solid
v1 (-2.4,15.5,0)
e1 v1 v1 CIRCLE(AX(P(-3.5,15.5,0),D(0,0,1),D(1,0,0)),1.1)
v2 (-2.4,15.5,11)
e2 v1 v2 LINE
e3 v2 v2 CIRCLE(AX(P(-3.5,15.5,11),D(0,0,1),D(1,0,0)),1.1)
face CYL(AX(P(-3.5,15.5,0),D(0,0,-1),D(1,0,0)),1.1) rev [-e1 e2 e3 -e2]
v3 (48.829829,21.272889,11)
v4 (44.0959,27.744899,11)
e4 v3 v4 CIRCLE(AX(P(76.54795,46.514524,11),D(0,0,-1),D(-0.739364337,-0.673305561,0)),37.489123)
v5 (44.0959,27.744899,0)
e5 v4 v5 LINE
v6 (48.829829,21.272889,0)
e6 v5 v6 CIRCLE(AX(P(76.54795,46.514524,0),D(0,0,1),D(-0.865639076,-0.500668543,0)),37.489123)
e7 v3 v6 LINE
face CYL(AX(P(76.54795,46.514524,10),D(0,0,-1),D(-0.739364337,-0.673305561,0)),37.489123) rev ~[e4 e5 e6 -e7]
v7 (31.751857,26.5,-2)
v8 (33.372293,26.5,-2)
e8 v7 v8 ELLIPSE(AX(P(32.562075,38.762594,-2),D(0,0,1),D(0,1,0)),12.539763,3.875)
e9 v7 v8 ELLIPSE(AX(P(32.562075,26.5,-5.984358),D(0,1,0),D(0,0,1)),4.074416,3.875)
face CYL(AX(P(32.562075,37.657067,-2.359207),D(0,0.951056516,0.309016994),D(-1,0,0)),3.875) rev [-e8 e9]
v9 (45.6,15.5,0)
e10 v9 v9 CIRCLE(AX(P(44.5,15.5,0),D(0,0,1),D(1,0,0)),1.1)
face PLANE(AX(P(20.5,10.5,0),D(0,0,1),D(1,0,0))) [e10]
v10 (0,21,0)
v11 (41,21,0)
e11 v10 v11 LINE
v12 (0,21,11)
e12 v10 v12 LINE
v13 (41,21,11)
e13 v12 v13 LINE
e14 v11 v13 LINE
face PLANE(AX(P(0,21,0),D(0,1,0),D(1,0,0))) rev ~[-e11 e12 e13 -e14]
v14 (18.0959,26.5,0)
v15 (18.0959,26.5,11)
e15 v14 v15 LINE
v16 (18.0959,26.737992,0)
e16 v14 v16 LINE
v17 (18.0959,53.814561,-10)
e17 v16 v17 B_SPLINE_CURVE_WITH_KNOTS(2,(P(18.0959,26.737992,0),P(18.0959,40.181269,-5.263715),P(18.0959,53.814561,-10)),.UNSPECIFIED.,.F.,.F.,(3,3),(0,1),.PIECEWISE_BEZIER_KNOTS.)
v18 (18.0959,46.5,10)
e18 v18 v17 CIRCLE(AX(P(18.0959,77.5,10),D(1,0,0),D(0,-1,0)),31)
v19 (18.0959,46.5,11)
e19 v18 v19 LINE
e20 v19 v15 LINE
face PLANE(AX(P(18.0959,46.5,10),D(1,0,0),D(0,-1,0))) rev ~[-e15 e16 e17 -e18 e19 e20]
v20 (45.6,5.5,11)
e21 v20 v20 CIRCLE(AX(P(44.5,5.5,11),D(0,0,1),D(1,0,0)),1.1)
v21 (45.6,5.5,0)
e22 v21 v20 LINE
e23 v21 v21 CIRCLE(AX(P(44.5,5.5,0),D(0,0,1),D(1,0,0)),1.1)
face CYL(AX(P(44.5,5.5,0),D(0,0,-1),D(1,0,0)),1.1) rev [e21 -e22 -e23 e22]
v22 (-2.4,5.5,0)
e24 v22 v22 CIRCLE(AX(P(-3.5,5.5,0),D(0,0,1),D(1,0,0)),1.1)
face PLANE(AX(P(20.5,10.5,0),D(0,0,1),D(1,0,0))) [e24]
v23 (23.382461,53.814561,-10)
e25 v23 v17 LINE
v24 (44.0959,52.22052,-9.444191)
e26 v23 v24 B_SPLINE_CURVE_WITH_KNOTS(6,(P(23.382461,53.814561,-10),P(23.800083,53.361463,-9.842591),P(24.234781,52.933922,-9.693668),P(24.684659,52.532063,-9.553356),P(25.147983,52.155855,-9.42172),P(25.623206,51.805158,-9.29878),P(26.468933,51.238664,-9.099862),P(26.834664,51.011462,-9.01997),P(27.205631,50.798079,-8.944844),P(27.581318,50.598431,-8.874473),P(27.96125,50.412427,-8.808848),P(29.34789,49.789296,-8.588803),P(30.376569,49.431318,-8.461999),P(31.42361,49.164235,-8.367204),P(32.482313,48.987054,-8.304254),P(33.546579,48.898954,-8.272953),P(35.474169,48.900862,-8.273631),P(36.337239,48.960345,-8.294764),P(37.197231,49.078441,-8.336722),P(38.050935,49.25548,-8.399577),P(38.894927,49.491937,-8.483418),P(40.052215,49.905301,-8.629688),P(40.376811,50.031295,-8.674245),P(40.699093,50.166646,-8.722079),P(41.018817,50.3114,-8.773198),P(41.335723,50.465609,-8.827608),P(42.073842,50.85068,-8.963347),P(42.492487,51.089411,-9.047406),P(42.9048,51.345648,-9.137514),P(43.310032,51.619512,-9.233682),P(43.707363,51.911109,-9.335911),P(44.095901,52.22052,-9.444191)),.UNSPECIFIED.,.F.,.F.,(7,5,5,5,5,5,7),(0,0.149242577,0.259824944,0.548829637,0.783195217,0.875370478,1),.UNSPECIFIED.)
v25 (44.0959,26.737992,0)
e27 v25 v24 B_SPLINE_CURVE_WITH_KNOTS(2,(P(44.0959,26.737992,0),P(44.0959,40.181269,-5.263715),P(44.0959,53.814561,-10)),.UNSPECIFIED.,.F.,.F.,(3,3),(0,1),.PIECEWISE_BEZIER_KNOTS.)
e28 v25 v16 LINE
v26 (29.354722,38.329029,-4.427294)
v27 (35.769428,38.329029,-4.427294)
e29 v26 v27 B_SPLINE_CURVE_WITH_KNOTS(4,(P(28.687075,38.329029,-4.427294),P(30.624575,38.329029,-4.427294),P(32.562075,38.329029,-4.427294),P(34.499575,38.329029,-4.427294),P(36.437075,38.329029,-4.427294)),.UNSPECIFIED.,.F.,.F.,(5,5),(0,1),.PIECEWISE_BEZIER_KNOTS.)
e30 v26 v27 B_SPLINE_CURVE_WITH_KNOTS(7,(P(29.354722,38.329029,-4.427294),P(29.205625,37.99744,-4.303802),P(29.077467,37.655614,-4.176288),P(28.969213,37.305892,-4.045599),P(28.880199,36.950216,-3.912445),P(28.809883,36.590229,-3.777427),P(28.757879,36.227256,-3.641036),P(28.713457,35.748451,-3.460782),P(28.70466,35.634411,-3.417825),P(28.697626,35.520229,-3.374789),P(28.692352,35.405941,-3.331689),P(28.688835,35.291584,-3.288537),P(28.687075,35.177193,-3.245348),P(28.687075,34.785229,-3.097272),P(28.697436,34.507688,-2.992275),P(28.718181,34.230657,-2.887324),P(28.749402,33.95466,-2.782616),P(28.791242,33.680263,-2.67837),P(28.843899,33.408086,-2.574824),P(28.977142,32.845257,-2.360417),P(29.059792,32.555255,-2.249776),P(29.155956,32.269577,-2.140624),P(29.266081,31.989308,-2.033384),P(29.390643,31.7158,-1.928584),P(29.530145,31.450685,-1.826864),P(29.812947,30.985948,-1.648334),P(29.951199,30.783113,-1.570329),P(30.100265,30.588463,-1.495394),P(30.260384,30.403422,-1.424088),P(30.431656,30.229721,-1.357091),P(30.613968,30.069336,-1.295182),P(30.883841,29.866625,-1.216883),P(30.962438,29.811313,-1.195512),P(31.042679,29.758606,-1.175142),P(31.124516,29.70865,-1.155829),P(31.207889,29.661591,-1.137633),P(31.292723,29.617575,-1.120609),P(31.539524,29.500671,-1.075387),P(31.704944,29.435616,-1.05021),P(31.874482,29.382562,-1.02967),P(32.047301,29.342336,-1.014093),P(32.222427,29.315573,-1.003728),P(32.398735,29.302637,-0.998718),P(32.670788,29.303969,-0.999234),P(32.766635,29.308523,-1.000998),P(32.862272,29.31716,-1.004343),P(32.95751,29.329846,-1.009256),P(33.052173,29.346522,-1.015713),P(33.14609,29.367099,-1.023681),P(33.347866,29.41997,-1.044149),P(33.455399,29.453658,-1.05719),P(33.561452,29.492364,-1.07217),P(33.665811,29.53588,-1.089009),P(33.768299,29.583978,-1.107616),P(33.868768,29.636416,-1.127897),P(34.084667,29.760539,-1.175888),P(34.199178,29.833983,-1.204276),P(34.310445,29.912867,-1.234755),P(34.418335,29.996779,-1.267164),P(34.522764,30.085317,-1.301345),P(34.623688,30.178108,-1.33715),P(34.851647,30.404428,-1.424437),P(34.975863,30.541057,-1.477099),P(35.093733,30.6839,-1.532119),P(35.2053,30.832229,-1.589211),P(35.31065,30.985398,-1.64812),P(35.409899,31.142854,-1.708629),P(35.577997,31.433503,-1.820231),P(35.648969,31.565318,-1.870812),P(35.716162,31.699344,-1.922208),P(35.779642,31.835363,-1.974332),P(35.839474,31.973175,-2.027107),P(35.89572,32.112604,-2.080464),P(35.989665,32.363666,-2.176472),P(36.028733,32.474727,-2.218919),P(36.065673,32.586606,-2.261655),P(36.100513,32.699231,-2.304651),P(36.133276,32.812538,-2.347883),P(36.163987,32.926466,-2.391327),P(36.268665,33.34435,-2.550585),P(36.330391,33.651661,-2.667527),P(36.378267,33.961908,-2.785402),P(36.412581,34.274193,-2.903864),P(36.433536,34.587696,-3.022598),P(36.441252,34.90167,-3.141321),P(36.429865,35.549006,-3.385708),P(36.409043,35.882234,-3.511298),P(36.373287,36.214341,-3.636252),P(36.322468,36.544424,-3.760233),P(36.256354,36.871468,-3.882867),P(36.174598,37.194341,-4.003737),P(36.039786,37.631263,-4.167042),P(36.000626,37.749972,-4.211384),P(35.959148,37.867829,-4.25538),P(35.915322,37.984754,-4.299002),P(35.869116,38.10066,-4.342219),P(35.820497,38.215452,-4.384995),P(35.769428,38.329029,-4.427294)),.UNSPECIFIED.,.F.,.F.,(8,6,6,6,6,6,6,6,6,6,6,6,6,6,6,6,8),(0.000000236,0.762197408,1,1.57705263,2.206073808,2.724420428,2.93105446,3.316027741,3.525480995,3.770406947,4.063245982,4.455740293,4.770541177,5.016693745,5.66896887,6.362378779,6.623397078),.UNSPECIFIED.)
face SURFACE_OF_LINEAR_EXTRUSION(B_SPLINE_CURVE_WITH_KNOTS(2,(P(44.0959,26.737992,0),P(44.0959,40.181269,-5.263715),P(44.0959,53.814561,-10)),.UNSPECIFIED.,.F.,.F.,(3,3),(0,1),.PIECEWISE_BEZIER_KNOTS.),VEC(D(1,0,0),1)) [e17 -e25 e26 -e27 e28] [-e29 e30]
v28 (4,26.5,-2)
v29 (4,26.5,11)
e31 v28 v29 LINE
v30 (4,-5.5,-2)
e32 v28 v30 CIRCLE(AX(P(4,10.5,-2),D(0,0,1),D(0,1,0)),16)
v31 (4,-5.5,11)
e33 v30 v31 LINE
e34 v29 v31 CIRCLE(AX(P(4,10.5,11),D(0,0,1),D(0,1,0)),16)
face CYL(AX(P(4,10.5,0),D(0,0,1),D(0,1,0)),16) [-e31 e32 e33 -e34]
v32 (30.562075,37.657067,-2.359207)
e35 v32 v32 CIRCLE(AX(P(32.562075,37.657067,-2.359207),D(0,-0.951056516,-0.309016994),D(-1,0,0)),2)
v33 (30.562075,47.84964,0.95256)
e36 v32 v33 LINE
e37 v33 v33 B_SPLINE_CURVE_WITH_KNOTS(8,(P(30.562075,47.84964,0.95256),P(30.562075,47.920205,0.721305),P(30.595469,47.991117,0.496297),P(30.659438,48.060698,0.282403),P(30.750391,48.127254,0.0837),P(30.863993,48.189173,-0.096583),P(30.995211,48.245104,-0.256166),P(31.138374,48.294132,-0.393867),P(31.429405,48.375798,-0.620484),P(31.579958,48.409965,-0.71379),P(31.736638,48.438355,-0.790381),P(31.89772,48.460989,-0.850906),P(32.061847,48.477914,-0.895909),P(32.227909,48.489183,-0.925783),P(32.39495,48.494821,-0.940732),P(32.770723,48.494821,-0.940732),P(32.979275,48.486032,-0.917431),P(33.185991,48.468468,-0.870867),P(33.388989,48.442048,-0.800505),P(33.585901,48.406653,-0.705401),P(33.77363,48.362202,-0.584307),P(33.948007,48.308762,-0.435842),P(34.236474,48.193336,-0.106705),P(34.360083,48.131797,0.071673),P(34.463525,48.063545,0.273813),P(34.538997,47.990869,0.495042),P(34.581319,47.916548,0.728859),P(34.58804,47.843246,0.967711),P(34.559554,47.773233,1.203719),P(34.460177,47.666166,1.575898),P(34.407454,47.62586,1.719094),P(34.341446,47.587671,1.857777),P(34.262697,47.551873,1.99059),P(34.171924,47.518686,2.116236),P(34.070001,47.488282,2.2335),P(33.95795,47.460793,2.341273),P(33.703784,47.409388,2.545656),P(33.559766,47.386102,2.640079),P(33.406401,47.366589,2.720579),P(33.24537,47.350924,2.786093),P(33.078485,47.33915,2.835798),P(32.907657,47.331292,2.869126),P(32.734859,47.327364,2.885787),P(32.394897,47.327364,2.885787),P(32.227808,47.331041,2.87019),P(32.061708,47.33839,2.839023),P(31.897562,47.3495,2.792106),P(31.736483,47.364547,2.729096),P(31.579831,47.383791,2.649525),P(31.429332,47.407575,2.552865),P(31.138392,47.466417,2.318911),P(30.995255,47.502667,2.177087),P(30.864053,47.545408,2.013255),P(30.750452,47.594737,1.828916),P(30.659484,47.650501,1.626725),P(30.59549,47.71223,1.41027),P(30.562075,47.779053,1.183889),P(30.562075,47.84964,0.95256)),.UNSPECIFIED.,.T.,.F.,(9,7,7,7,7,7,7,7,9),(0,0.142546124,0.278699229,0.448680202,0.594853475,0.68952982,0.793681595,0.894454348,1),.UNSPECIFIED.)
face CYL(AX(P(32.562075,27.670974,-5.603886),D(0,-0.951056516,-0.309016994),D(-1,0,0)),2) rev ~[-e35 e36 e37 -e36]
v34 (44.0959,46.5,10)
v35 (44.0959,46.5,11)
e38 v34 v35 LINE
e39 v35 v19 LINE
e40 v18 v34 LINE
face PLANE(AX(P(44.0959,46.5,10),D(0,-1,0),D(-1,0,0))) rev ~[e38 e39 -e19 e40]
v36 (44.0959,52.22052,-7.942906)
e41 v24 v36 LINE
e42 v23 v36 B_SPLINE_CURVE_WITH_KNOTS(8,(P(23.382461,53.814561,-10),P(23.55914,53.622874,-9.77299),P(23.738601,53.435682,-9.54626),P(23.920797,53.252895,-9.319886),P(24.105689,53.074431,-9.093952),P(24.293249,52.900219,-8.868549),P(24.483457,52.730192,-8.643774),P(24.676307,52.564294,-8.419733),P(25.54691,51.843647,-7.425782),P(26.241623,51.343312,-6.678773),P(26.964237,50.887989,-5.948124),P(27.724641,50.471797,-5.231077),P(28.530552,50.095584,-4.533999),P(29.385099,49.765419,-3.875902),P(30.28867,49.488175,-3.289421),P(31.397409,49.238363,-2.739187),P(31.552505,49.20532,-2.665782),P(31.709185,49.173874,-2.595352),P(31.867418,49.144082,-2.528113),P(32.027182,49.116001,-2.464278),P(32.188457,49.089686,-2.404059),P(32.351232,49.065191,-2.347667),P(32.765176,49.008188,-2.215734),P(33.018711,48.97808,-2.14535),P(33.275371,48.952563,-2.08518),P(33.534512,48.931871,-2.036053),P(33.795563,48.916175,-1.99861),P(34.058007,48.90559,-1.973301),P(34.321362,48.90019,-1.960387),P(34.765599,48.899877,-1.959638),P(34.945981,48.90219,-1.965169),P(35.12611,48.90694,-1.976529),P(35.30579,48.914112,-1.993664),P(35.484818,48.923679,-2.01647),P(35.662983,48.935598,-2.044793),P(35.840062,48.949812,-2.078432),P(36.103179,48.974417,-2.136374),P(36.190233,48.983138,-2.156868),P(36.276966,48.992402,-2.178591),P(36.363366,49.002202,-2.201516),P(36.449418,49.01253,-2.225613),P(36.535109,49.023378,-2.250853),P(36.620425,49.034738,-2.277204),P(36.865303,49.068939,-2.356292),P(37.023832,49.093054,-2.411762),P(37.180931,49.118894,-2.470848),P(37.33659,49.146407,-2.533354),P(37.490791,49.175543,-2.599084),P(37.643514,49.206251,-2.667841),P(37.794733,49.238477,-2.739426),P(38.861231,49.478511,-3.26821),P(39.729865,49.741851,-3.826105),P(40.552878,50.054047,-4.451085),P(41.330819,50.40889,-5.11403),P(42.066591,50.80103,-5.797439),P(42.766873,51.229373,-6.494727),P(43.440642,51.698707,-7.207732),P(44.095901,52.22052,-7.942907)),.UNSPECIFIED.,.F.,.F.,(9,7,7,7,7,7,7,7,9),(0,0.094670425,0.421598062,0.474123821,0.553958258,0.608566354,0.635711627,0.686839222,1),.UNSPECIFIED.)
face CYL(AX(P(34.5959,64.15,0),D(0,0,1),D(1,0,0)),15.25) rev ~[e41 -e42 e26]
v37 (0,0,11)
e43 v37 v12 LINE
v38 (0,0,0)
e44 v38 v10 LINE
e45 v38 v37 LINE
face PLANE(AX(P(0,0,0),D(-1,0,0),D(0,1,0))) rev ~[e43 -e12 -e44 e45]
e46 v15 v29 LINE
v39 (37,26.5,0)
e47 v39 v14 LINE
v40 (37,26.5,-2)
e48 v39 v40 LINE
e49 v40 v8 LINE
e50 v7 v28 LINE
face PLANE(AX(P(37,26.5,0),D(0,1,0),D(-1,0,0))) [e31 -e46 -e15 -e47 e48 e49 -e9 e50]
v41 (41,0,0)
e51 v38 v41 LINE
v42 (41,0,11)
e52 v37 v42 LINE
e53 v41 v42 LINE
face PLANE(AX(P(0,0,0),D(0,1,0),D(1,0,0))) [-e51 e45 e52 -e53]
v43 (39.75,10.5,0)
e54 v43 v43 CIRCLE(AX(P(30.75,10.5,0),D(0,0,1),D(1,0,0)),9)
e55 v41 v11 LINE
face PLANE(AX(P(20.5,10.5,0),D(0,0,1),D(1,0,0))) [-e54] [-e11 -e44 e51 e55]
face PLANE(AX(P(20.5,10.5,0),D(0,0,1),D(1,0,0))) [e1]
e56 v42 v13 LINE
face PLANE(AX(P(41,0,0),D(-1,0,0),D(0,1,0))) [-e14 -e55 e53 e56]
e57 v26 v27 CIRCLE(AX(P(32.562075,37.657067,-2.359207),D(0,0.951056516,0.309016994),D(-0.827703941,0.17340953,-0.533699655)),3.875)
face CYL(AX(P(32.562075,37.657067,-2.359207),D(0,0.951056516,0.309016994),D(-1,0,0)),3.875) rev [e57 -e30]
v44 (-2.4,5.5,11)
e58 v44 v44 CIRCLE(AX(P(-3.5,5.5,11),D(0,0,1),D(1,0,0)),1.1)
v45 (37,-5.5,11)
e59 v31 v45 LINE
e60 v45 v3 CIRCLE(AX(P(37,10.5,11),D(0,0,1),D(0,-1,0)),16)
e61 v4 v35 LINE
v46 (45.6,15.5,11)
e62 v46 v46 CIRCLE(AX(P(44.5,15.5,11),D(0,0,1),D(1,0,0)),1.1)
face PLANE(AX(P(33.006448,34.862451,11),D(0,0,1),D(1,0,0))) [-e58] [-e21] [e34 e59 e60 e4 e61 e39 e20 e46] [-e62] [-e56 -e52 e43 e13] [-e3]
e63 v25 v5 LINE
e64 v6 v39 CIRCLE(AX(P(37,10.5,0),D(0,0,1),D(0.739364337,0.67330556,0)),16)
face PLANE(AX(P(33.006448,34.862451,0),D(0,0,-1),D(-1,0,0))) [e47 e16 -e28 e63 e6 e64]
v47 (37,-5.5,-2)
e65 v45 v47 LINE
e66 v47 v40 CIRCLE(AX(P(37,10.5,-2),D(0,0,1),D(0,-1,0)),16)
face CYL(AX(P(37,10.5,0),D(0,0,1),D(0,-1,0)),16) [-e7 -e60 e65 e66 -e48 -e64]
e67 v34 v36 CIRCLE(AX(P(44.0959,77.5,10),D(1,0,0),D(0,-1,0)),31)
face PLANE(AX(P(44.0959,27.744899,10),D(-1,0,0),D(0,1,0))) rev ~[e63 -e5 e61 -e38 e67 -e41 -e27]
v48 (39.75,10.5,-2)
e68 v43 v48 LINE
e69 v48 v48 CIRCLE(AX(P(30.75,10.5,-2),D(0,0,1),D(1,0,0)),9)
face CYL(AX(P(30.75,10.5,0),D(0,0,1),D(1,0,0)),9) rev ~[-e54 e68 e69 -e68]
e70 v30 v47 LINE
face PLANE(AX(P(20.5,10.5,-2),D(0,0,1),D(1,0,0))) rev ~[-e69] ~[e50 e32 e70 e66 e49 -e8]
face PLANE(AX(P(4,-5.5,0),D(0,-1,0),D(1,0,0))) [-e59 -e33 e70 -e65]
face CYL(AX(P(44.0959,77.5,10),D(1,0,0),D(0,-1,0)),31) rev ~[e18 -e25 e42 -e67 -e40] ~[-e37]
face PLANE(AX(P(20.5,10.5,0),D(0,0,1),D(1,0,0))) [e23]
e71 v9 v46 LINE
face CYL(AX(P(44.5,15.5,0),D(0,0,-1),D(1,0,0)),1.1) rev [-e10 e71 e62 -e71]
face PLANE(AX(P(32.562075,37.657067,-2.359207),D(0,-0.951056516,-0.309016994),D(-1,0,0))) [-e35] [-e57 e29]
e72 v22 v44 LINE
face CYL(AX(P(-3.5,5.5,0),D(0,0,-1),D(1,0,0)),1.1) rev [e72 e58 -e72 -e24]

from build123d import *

# Parameters (mm, degrees)
SKETCH1_R               = 1.1
SKETCH1_W               = 41
SKETCH1_H               = 21
BOSS_EXTRUDE1_DEPTH     = 11
SKETCH2_R               = 9.000000034
BOSS_EXTRUDE2_DEPTH     = 2
BOSS_EXTRUDE3_DEPTH     = 10
BOSS_EXTRUDE4_DEPTH     = 26
SKETCH6_R               = 15.25
CUT_EXTRUDE1_DEPTH      = 11.0000001
SKETCH8_R               = 2
CUT_EXTRUDE3_DEPTH      = 33.905944515
CUT_EXTRUDE3_DEPTH_BACK = 30.994912665
SKETCH11_R              = 3.875
SKETCH11_R_2            = 2
CUT_EXTRUDE4_DEPTH      = 15.37
BOSS_EXTRUDE6_DEPTH     = 1


with BuildPart() as part:
    # Sketch1 → Boss-Extrude1 (new body)
    with BuildSketch(Plane.XY):
        with BuildLine():
            Line((4, -5.500000004), (37, -5.500000004))
            ThreePointArc((37, -5.500000004), (53.000000004, 10.5), (37, 26.500000004))
            Line((37, 26.500000004), (4, 26.500000004))
            ThreePointArc((4, 26.500000004), (-12.000000004, 10.5), (4, -5.500000004))
        make_face()
        with Locations((-3.5, 15.5)):
            Circle(SKETCH1_R, mode=Mode.SUBTRACT)
        with Locations((-3.5, 5.5)):
            Circle(SKETCH1_R, mode=Mode.SUBTRACT)
        with Locations((44.5, 5.5)):
            Circle(SKETCH1_R, mode=Mode.SUBTRACT)
        with Locations((44.5, 15.5)):
            Circle(SKETCH1_R, mode=Mode.SUBTRACT)
        with Locations((20.5, 10.5)):
            Rectangle(SKETCH1_W, SKETCH1_H, mode=Mode.SUBTRACT)
    extrude(amount=BOSS_EXTRUDE1_DEPTH)

    # Sketch2 → Boss-Extrude2 (add)
    with BuildSketch(Plane.XY):
        with BuildLine():
            Line((37, 26.500000004), (4, 26.500000004))
            ThreePointArc((4, 26.500000004), (-12.000000004, 10.5), (4, -5.500000004))
            Line((4, -5.500000004), (37, -5.500000004))
            ThreePointArc((37, -5.500000004), (53.000000004, 10.5), (37, 26.500000004))
        make_face()
        with Locations((30.749999966, 10.5)):
            Circle(SKETCH2_R, mode=Mode.SUBTRACT)
    extrude(amount=-BOSS_EXTRUDE2_DEPTH)

    # Sketch3 → Boss-Extrude3 (add)
    with BuildSketch(Plane.XY):
        with BuildLine():
            Line((37, 26.500000004), (18.095900106, 26.500000004))
            Line((18.095900106, 26.500000004), (18.095900106, 46.500000004))
            Line((18.095900106, 46.500000004), (44.095900176, 46.500000004))
            Line((44.095900176, 46.500000004), (44.095900176, 27.744899316))
            ThreePointArc((44.095900176, 27.744899316), (46.289330037, 24.381962762), (48.82982939, 21.272888969))
            ThreePointArc((48.82982939, 21.272888969), (43.466597892, 25.134996134), (37, 26.500000004))
        make_face()
    extrude(amount=BOSS_EXTRUDE3_DEPTH)

    # Sketch5 → Boss-Extrude4 (add)
    with BuildSketch(Plane(origin=(44.095900176, 0, 0), x_dir=(0, 0, -1), z_dir=(1, 0, 0))):
        with BuildLine():
            Line((0, 26.737992109), (-10, 46.500000004))
            ThreePointArc((-10, 46.500000004), (0.647802696, 48.386011996), (10, 53.814561439))
            add(Edge.make_bspline(
                [(0, 26.737992109), (5.263715072, 40.18126942), (10, 53.814561439)],
                knots=[0, 0, 0, 1, 1, 1], degree=2))
        make_face()
    extrude(amount=-BOSS_EXTRUDE4_DEPTH)

    # Sketch6 → Cut-Extrude1 (cut, through all)
    with BuildSketch(Plane.XY):
        with Locations((34.595900106, 64.15000003)):
            Circle(SKETCH6_R)
    extrude(amount=-CUT_EXTRUDE1_DEPTH, mode=Mode.SUBTRACT)

    # Sketch8 → Cut-Extrude3 (cut, two sides)
    with BuildSketch(Plane(origin=(0, 23.381689927, 7.597171588), x_dir=(-1, 0, 0), z_dir=(0, -0.951056516, -0.309016994))) as cut_extrude3_sk:
        with Locations((-32.562075151, 13.880413242)):
            Circle(SKETCH8_R)
    extrude(amount=CUT_EXTRUDE3_DEPTH, mode=Mode.SUBTRACT)
    extrude(cut_extrude3_sk.sketch, amount=-CUT_EXTRUDE3_DEPTH_BACK, mode=Mode.SUBTRACT)

    # Sketch11 → Cut-Extrude4 (cut)
    with BuildSketch(Plane(origin=(0, 33.367783426, 10.841850055), x_dir=(-1, 0, 0), z_dir=(0, -0.951056516, -0.309016994))):
        with Locations((-32.562075151, 13.880413242)):
            Circle(SKETCH11_R)
        with Locations((-32.562075151, 13.880413242)):
            Circle(SKETCH11_R_2, mode=Mode.SUBTRACT)
    extrude(amount=CUT_EXTRUDE4_DEPTH, mode=Mode.SUBTRACT)

    # Sketch12 → Boss-Extrude6 (add)
    with BuildSketch(Plane.XY.offset(10)):
        with BuildLine():
            Line((44.095900176, 27.744899316), (44.095900176, 46.500000004))
            Line((44.095900176, 46.500000004), (18.095900106, 46.500000004))
            Line((18.095900106, 46.500000004), (18.095900106, 26.500000004))
            Line((18.095900106, 26.500000004), (37, 26.500000004))
            ThreePointArc((37, 26.500000004), (43.466597892, 25.134996134), (48.82982939, 21.272888969))
            ThreePointArc((48.82982939, 21.272888969), (46.289330037, 24.381962762), (44.095900176, 27.744899316))
        make_face()
    extrude(amount=BOSS_EXTRUDE6_DEPTH)


solid = part.part
